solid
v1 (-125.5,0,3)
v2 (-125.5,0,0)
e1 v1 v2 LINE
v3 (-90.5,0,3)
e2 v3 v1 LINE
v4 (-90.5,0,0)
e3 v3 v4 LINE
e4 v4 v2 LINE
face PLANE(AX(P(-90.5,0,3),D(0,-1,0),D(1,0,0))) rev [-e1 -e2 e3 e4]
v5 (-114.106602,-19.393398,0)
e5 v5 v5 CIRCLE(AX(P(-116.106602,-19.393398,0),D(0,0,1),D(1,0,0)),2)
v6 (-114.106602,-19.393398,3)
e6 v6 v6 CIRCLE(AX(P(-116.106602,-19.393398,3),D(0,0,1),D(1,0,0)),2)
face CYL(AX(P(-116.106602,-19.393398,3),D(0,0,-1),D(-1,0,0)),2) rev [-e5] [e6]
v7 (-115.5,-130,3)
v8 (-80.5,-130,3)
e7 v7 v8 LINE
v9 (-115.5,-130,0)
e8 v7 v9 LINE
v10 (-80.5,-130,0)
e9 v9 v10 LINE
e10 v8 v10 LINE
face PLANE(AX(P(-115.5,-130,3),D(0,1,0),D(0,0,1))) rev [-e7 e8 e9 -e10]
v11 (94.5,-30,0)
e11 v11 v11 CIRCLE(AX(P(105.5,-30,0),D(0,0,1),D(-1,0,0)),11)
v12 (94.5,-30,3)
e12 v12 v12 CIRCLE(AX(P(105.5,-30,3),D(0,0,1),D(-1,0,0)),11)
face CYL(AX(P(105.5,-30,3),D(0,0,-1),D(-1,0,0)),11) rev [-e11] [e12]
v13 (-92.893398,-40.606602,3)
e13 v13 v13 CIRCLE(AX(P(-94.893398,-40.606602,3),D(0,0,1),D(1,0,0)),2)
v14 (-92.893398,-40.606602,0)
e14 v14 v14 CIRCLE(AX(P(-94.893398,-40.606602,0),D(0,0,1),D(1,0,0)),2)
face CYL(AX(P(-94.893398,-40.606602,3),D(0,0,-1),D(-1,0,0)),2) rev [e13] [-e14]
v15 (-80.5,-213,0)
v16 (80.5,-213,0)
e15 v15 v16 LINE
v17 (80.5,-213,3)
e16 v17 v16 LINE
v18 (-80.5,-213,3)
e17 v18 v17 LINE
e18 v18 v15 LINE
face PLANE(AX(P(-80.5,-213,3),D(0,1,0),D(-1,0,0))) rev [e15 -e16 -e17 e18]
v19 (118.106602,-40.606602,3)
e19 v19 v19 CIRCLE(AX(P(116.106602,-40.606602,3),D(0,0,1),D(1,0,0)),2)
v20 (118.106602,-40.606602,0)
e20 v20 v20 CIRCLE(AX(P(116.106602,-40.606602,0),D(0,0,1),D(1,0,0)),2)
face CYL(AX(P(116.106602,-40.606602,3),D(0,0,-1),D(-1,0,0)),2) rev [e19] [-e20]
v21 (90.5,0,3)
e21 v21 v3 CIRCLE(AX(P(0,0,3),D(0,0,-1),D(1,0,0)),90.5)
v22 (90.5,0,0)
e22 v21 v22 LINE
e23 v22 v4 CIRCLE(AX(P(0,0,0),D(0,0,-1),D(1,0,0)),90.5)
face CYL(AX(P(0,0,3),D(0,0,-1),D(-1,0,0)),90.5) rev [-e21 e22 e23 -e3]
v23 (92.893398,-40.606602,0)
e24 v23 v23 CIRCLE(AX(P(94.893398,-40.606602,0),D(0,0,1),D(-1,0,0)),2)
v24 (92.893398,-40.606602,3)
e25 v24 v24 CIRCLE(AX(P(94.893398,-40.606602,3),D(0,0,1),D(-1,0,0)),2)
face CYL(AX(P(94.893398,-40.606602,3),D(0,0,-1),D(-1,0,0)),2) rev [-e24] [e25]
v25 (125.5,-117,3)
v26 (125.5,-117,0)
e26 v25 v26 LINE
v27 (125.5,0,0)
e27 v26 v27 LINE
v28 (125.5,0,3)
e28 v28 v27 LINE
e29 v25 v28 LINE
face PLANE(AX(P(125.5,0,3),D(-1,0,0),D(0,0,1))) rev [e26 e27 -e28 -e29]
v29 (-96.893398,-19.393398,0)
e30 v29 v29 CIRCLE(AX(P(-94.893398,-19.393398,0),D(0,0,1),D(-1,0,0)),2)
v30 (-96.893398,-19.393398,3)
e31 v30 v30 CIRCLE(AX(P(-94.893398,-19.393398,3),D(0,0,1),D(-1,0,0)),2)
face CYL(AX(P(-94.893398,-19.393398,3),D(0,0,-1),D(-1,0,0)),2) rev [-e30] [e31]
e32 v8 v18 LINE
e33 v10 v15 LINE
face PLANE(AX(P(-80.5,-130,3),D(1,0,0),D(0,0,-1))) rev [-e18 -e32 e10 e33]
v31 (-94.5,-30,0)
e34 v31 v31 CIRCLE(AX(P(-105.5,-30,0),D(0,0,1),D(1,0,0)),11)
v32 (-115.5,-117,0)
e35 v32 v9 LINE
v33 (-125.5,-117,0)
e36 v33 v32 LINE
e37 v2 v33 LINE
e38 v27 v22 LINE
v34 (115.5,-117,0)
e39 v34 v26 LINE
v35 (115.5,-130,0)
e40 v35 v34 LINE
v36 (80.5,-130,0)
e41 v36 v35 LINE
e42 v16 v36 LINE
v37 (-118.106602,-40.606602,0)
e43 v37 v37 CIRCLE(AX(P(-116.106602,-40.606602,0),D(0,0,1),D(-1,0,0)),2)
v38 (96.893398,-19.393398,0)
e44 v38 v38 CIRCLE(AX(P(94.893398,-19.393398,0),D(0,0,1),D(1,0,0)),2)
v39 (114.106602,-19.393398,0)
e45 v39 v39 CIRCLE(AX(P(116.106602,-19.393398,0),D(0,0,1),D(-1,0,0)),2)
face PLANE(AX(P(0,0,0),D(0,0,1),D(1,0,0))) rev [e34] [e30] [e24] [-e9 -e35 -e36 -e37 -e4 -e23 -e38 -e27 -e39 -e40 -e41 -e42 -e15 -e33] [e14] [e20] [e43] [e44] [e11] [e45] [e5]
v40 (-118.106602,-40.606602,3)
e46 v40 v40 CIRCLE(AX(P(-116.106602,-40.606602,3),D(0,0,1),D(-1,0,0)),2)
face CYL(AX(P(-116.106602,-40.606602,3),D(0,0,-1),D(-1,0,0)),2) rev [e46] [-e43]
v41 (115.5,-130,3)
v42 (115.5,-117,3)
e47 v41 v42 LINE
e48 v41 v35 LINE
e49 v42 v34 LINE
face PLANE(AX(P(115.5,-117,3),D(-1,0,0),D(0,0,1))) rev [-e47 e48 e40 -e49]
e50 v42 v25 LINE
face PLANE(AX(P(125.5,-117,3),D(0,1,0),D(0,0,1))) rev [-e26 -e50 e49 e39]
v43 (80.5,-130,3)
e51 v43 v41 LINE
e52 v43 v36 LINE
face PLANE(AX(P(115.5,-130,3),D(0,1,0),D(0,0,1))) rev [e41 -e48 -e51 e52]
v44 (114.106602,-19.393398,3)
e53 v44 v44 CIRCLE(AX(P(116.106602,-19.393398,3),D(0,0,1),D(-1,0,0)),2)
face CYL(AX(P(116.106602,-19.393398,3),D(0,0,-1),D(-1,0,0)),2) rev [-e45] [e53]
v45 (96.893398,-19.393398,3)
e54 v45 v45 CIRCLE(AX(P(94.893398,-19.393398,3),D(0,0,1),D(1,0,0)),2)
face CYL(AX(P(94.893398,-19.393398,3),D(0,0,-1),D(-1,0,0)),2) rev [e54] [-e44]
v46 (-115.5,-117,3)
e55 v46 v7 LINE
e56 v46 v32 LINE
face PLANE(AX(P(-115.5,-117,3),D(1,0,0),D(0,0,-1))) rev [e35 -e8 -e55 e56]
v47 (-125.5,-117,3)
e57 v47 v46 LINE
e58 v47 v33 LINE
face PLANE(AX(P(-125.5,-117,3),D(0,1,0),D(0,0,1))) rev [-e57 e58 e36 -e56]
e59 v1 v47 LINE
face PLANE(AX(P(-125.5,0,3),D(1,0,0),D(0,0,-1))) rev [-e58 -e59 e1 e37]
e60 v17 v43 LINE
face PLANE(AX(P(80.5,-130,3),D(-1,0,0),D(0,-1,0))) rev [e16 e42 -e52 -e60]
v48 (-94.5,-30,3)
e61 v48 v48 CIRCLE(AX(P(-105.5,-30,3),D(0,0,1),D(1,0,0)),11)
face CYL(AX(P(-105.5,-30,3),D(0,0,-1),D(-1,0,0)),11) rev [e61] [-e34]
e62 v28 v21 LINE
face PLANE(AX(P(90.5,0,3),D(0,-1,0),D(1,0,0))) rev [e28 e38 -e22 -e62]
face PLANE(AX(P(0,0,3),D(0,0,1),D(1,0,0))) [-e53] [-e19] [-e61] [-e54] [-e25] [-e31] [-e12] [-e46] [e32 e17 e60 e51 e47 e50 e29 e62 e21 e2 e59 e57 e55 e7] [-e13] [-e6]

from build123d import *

# Parameters (mm, degrees)
ESQUISSE1_R      = 11
ESQUISSE1_R_2    = 2
EXTRUSION1_DEPTH = 3


with BuildPart() as part:
    # Esquisse1 → Extrusion1 (new body)
    with BuildSketch(Plane.XY):
        with BuildLine():
            Line((125.5, 0), (125.5, -117))
            Line((125.5, -117), (115.5, -117))
            Line((115.5, -117), (115.5, -130))
            Line((115.5, -130), (80.5, -130))
            Line((80.5, -130), (80.5, -213))
            Line((80.5, -213), (-80.5, -213))
            Line((-80.5, -213), (-80.5, -130))
            Line((-80.5, -130), (-115.5, -130))
            Line((-115.5, -130), (-115.5, -117))
            Line((-115.5, -117), (-125.5, -117))
            Line((-125.5, -117), (-125.5, 0))
            Line((-125.5, 0), (-90.5, 0))
            ThreePointArc((-90.5, 0), (0, -90.5), (90.5, 0))
            Line((90.5, 0), (125.5, 0))
        make_face()
        with Locations((-105.5, -30)):
            Circle(ESQUISSE1_R, mode=Mode.SUBTRACT)
        with Locations((116.106601718, -19.393398282)):
            Circle(ESQUISSE1_R_2, mode=Mode.SUBTRACT)
        with Locations((94.893398282, -40.606601718)):
            Circle(ESQUISSE1_R_2, mode=Mode.SUBTRACT)
        with Locations((-94.893398282, -19.393398282)):
            Circle(ESQUISSE1_R_2, mode=Mode.SUBTRACT)
        with Locations((-116.106601718, -40.606601718)):
            Circle(ESQUISSE1_R_2, mode=Mode.SUBTRACT)
        with Locations((-94.893398282, -40.606601718)):
            Circle(ESQUISSE1_R_2, mode=Mode.SUBTRACT)
        with Locations((116.106601718, -40.606601718)):
            Circle(ESQUISSE1_R_2, mode=Mode.SUBTRACT)
        with Locations((94.893398282, -19.393398282)):
            Circle(ESQUISSE1_R_2, mode=Mode.SUBTRACT)
        with Locations((105.5, -30)):
            Circle(ESQUISSE1_R, mode=Mode.SUBTRACT)
        with Locations((-116.106601718, -19.393398282)):
            Circle(ESQUISSE1_R_2, mode=Mode.SUBTRACT)
    extrude(amount=EXTRUSION1_DEPTH)


solid = part.part
